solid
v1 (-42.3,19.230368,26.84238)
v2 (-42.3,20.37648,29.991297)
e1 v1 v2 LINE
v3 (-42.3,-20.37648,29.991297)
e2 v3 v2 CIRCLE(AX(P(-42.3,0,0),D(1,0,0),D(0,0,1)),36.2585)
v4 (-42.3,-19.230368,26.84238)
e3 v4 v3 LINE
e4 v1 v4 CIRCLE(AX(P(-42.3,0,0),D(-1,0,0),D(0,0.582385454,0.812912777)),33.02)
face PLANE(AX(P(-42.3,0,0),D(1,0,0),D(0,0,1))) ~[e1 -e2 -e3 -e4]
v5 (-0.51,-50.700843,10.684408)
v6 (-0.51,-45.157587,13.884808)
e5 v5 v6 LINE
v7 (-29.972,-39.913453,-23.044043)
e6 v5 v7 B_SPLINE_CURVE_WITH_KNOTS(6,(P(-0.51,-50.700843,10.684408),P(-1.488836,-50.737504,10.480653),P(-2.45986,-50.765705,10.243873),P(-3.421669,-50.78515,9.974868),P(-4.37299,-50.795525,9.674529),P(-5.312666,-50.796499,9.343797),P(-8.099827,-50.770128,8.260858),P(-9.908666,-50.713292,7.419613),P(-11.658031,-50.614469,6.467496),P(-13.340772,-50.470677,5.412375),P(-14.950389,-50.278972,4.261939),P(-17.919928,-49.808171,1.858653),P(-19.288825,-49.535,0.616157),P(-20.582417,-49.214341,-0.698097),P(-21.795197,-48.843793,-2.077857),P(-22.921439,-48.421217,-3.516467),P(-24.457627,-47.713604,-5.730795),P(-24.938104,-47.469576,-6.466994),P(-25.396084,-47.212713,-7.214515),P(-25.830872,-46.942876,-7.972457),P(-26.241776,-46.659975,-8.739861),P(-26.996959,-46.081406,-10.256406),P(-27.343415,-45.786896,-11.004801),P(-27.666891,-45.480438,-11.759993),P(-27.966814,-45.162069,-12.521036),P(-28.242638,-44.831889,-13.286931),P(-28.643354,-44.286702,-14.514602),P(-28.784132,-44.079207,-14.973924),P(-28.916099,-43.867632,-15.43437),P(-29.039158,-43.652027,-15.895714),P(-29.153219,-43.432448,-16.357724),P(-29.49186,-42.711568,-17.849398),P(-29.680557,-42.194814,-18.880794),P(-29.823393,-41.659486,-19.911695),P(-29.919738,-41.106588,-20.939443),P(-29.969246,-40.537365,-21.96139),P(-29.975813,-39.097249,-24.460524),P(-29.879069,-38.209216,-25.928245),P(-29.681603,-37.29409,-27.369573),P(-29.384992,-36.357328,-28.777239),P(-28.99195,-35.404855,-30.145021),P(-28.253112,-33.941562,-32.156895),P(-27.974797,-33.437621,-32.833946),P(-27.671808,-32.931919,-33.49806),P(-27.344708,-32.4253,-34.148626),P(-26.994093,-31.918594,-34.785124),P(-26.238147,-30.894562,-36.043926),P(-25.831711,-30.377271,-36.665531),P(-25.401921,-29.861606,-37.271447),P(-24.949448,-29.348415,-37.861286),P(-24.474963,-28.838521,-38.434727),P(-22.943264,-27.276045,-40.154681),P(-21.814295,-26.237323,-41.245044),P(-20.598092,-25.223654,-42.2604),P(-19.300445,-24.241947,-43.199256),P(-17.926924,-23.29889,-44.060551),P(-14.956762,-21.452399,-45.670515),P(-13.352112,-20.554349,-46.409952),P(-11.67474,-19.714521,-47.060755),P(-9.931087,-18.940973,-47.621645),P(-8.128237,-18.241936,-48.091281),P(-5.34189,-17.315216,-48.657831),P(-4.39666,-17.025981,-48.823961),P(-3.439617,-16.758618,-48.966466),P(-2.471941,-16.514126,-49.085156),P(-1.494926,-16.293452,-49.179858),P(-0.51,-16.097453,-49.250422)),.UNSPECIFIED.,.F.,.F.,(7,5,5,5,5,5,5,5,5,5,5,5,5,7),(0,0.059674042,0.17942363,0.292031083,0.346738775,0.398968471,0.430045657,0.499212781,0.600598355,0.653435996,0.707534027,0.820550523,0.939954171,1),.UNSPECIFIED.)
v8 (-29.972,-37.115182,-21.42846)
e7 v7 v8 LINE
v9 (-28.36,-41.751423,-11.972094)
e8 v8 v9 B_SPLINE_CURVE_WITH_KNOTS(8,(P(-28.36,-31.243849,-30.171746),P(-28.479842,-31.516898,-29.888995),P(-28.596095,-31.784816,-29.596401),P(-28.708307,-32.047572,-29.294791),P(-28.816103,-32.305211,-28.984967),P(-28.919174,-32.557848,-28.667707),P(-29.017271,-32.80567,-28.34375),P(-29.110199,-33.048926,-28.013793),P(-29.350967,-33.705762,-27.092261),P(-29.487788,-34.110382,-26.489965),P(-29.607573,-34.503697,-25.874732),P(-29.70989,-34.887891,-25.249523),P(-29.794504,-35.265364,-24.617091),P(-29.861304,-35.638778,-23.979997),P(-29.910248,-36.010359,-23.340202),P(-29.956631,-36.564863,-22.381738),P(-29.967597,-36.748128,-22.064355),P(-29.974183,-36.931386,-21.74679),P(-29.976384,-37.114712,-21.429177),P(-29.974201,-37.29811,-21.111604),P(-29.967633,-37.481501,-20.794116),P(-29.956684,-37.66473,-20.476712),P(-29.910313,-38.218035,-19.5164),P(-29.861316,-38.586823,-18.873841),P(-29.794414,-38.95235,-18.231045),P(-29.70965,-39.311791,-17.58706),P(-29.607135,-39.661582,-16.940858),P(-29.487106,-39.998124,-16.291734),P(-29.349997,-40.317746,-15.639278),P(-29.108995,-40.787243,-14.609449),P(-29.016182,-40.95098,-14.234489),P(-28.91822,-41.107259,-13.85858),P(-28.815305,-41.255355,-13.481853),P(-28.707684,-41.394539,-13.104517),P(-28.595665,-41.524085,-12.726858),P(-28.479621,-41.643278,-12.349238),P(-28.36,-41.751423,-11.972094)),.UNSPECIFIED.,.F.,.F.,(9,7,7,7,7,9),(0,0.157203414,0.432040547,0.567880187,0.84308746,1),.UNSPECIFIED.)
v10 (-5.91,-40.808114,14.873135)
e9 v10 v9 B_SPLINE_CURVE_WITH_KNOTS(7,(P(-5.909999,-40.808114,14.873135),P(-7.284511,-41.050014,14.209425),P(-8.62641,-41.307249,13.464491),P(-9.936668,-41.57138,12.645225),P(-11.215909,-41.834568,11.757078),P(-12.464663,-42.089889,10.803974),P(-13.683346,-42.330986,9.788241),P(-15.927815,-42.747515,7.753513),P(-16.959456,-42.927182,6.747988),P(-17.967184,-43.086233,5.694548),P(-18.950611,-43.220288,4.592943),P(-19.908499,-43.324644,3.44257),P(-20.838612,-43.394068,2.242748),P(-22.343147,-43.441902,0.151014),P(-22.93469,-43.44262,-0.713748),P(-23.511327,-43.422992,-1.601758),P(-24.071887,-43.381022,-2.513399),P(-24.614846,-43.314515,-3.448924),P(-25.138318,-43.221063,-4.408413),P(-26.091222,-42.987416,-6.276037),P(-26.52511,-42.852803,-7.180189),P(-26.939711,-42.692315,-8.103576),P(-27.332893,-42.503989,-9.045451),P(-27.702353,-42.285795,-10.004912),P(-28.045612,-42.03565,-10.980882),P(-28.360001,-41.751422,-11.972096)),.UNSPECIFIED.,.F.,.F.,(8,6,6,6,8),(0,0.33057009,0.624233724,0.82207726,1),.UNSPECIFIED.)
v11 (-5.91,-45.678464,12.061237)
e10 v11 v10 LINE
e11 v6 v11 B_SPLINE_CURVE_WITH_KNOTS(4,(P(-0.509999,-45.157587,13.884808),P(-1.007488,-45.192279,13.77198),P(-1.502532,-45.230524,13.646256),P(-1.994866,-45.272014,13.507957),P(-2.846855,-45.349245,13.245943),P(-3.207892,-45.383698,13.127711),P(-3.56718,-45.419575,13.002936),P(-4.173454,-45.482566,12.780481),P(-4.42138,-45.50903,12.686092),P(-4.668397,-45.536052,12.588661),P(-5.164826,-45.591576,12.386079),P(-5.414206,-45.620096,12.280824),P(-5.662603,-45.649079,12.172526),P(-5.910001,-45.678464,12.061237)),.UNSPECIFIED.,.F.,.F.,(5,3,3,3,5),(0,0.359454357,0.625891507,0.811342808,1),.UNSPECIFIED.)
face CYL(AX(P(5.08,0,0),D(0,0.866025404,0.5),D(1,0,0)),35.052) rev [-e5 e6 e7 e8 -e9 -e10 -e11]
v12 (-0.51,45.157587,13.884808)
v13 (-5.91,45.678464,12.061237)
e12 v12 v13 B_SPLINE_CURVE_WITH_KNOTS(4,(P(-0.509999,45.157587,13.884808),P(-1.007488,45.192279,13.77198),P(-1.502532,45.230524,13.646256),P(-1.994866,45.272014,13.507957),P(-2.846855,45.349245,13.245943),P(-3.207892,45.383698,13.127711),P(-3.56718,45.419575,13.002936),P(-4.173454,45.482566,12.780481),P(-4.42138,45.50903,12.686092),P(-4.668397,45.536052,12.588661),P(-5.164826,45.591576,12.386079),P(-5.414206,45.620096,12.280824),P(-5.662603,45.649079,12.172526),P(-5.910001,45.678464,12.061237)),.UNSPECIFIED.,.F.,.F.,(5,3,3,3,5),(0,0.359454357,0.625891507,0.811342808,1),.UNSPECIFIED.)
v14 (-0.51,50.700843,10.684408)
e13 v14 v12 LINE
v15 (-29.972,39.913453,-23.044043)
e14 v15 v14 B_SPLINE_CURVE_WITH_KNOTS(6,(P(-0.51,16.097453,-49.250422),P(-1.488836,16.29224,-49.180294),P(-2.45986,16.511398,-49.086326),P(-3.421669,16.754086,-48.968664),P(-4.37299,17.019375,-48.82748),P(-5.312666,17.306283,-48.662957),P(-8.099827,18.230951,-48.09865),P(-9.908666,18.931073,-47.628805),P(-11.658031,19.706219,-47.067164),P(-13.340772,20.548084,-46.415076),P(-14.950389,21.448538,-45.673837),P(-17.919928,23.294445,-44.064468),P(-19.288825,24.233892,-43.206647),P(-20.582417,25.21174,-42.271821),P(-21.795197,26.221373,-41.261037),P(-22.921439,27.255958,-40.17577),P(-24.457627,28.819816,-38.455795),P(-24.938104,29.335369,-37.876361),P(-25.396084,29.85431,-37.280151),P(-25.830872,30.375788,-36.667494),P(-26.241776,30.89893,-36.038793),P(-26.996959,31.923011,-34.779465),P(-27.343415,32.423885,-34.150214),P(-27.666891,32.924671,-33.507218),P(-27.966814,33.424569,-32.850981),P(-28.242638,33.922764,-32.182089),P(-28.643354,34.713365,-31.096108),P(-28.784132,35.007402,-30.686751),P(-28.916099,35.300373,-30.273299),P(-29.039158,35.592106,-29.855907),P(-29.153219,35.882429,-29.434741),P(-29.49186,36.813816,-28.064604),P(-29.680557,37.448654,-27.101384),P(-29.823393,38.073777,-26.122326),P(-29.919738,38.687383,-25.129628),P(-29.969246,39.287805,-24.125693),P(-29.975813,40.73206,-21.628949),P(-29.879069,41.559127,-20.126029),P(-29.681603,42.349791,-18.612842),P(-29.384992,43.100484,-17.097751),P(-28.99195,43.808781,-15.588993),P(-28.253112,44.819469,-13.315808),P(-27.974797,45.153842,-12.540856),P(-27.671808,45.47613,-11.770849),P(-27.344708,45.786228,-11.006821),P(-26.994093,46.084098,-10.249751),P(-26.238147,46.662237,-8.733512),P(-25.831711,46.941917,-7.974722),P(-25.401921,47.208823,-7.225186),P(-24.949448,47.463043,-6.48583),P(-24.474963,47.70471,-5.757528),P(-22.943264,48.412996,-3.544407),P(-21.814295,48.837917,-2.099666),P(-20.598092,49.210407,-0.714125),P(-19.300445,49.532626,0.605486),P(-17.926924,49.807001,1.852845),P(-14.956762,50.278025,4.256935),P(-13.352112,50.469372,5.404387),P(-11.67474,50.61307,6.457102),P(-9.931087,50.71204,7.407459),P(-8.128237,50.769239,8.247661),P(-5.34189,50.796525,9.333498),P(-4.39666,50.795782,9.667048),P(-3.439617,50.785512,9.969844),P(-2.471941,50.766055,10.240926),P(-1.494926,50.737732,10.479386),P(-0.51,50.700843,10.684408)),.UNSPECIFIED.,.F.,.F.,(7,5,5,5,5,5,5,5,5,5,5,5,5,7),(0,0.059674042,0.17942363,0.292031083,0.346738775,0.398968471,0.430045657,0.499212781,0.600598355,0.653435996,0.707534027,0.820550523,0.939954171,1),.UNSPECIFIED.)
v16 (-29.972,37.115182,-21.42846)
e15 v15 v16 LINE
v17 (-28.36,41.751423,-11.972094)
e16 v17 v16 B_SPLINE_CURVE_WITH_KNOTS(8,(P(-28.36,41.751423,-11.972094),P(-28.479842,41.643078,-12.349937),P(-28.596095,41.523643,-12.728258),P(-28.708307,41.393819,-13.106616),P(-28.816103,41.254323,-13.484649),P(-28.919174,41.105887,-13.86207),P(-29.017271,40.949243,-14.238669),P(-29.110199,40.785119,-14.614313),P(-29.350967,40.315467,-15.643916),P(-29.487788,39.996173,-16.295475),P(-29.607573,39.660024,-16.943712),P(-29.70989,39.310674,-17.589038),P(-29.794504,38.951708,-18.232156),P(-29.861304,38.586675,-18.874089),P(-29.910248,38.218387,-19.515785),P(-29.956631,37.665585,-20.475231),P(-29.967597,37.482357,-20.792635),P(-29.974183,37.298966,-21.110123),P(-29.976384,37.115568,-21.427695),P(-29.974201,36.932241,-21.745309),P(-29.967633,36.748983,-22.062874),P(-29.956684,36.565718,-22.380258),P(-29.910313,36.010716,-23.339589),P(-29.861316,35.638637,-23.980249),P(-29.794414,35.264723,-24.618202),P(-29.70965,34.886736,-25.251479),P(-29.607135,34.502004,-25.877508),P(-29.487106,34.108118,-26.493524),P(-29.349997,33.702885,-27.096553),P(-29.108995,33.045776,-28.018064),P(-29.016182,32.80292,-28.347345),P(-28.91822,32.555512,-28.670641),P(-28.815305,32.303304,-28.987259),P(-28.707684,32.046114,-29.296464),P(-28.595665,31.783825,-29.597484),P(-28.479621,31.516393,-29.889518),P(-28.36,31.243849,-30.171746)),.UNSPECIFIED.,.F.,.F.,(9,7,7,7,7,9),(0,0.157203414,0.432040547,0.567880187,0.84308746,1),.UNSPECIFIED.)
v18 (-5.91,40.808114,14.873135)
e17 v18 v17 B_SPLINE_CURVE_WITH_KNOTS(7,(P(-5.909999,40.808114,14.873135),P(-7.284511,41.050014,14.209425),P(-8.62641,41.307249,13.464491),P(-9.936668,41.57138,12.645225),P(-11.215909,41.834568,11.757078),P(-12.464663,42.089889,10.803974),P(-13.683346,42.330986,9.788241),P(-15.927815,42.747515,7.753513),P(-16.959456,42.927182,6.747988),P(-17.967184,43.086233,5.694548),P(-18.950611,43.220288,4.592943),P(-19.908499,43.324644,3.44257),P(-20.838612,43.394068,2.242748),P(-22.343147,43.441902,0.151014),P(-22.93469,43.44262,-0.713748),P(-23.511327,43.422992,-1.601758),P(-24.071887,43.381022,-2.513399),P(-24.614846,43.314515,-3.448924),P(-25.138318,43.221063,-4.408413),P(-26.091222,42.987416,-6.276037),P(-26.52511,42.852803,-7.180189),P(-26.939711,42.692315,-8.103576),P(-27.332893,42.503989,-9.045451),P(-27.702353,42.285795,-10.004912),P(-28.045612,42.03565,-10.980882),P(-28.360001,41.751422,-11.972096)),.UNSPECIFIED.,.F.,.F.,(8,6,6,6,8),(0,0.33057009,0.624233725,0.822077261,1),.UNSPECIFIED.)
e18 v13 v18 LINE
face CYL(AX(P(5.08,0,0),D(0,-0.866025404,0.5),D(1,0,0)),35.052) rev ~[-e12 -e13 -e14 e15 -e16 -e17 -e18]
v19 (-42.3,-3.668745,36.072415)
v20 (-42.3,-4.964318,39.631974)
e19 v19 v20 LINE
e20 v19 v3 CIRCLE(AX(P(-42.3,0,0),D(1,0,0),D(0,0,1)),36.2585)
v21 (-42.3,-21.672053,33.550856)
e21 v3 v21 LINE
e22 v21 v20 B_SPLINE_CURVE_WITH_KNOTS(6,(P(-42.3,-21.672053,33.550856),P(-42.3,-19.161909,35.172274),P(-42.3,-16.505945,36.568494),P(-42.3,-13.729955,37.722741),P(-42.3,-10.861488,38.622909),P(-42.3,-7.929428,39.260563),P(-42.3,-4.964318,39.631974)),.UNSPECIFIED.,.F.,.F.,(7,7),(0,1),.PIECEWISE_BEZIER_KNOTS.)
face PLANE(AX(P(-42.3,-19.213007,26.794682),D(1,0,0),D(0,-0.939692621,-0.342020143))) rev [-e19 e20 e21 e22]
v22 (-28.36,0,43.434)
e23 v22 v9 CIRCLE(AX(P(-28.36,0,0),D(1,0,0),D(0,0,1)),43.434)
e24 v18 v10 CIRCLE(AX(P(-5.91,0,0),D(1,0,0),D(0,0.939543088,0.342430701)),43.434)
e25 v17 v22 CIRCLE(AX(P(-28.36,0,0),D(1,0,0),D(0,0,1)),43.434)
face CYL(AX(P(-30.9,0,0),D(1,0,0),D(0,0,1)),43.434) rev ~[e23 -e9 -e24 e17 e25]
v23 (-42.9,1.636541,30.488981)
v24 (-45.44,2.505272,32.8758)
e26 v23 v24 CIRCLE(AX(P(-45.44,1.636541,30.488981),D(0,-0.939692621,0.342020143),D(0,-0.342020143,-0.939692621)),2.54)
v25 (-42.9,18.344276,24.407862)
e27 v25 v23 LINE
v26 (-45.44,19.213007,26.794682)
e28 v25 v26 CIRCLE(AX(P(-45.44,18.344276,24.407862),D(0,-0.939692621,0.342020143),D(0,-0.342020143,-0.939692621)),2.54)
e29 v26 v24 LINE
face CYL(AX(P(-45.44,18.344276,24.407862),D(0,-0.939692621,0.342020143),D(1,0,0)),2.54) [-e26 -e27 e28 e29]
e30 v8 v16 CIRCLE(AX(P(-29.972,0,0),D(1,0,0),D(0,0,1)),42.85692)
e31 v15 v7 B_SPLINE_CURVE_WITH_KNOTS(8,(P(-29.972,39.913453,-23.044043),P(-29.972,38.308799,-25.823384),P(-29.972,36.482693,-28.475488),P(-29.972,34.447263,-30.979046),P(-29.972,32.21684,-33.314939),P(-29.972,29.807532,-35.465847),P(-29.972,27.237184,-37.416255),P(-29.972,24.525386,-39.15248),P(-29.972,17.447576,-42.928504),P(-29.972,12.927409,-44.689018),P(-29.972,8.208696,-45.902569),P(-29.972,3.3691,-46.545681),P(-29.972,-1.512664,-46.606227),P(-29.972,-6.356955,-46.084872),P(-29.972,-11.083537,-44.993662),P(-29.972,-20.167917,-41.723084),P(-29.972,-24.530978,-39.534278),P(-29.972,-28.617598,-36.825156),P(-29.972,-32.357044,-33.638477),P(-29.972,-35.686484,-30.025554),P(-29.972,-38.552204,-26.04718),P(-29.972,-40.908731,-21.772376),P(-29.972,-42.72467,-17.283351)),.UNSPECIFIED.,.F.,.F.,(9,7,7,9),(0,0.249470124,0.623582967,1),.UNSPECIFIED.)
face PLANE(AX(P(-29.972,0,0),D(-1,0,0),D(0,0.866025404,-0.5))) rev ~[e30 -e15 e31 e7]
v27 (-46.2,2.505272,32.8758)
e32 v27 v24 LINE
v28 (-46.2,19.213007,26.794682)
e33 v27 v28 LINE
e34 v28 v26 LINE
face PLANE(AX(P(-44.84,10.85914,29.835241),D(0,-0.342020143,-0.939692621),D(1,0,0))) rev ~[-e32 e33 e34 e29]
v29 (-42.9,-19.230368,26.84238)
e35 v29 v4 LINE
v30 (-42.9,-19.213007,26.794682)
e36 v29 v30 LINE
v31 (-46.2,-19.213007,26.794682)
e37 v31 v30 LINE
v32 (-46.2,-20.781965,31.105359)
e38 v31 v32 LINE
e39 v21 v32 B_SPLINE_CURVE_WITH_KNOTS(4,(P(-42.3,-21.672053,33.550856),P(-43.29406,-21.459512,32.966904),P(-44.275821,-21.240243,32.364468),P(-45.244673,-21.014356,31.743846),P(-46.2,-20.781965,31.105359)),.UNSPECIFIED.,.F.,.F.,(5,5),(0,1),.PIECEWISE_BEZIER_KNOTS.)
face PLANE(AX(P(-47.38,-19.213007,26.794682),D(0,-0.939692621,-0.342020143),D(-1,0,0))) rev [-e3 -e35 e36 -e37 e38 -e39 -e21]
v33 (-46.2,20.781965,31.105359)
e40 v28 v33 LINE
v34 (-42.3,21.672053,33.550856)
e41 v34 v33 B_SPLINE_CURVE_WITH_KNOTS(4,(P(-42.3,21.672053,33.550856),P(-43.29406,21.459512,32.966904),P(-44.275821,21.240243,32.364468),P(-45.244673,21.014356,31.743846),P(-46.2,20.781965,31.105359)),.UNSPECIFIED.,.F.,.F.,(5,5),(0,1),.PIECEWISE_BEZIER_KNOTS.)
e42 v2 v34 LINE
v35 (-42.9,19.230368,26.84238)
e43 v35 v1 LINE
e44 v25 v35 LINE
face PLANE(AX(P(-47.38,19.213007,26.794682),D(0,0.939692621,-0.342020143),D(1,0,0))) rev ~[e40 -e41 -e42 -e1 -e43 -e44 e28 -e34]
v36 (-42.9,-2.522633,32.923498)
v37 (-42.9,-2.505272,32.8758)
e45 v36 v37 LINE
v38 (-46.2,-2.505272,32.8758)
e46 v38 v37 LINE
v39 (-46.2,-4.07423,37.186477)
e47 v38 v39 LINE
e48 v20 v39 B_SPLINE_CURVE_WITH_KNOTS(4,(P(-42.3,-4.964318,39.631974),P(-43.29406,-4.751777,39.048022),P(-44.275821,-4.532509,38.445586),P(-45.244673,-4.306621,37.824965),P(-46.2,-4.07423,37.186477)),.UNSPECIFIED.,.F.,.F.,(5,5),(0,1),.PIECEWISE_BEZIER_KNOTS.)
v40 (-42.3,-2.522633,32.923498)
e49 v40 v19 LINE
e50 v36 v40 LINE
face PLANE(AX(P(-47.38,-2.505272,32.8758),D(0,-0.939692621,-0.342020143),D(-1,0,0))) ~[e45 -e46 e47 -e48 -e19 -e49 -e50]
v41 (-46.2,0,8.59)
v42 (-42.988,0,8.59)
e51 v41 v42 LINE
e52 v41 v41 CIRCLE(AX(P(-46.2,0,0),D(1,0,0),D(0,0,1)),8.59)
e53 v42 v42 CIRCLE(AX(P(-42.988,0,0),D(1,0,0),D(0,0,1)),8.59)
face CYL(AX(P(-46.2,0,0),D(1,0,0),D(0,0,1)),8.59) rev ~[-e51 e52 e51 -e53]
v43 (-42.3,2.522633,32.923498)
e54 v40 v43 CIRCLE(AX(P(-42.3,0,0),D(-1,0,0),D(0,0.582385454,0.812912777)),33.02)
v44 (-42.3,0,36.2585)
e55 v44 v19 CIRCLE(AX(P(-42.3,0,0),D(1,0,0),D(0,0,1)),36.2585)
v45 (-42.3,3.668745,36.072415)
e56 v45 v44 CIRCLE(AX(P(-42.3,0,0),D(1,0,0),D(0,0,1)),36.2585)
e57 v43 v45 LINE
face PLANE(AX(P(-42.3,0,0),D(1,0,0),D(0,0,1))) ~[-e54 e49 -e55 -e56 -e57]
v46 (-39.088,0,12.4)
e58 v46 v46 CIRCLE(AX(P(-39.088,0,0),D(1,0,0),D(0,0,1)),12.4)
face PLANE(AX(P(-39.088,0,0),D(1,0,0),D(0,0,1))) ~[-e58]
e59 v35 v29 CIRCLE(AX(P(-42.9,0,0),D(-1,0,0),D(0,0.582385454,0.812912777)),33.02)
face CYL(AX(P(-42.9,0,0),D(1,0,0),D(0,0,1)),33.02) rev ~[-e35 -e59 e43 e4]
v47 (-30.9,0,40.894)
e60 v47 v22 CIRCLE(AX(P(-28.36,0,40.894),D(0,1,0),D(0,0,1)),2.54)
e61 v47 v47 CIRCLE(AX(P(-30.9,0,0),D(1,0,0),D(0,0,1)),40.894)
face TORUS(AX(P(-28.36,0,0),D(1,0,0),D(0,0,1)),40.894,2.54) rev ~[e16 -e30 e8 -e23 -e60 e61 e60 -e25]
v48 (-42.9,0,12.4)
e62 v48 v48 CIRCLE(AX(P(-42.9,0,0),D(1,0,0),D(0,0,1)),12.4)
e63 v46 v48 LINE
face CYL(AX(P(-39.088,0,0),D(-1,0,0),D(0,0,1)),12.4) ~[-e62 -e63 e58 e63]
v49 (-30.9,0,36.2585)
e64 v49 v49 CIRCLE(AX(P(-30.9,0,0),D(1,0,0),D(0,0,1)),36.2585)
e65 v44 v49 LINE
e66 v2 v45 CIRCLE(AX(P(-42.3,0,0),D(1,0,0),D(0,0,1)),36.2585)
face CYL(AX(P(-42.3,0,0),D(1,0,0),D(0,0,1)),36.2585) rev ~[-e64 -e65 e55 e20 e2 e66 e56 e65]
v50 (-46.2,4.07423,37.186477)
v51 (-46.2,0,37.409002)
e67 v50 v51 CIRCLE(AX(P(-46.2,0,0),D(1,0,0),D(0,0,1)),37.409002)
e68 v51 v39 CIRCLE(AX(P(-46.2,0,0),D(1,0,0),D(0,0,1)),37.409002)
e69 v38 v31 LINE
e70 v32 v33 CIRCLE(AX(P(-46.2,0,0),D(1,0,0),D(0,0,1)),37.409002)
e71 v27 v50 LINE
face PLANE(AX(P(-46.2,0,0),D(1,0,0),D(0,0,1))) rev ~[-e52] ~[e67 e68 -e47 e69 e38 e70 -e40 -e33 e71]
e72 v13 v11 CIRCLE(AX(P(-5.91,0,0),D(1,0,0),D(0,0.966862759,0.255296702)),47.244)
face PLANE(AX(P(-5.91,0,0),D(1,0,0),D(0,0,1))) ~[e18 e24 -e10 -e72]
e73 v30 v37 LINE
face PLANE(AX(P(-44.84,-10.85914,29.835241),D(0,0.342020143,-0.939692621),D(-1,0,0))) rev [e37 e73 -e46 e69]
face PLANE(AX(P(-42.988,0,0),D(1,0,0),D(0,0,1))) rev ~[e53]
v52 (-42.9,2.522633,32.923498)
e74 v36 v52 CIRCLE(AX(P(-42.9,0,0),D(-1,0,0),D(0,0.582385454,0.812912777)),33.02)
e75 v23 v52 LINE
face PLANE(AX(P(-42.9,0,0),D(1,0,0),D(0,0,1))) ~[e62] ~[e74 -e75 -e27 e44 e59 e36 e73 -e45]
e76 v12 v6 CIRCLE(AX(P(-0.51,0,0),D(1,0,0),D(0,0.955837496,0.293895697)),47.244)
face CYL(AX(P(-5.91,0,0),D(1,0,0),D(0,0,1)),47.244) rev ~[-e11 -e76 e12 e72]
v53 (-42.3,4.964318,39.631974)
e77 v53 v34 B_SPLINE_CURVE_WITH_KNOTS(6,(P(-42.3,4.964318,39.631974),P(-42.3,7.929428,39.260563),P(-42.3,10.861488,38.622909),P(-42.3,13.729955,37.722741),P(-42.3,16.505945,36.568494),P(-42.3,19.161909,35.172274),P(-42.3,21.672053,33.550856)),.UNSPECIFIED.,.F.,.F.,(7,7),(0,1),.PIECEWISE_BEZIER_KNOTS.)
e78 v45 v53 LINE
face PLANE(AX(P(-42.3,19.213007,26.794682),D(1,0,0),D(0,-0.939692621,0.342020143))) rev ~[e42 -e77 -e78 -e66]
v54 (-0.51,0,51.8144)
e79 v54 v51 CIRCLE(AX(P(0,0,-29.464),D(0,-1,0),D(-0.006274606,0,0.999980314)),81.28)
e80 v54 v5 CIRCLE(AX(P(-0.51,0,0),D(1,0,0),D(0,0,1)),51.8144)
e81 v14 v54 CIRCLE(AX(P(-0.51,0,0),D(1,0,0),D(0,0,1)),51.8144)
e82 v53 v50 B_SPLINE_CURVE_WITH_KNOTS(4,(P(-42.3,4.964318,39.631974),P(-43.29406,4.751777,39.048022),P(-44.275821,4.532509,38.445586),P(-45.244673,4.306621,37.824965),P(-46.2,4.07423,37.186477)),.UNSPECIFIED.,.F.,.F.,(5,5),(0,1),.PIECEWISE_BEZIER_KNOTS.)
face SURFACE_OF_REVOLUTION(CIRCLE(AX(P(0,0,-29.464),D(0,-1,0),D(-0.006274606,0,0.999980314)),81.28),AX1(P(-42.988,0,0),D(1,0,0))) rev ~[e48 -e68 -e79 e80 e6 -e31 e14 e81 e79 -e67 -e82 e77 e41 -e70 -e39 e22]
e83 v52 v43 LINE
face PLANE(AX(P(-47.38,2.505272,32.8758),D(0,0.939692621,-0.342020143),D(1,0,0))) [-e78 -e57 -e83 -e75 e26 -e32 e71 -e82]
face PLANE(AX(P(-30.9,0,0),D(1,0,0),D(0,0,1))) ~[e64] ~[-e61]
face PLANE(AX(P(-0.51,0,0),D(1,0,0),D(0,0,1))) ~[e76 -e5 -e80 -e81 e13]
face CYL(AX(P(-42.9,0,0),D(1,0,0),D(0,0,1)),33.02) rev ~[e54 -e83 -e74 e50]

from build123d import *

# Parameters (mm, degrees)
FILLET1_R          = 2.54
SKETCH9_R          = 35.052
CUT_EXTRUDE4_DEPTH = 57.912
SKETCH10_W         = 58.015232171
SKETCH10_H         = 28.829548031
CUT_REVOLVE2_ANGLE = 120
CUT_EXTRUDE5_START = -31.75
SKETCH11_W         = 5.08
SKETCH11_H         = 17.78
CUT_EXTRUDE5_DEPTH = 31.75
FILLET2_R          = 2.54


with BuildPart() as part:
    # Sketch1 → Revolve1 (revolve)
    with BuildSketch(Plane.XY, mode=Mode.PRIVATE) as revolve1_sk:
        with BuildLine():
            Line((-39.088, 0), (-39.088, 12.4))
            Line((-39.088, 12.4), (-42.39, 12.4))
            Line((-42.39, 12.4), (-42.9, 12.4))
            Line((-42.9, 12.4), (-42.9, 33.02))
            Line((-42.9, 33.02), (-42.3, 33.02))
            Line((-42.3, 33.02), (-42.3, 36.2585))
            Line((-42.3, 36.2585), (-30.9, 36.2585))
            Line((-30.9, 36.2585), (-30.9, 43.434))
            Line((-30.9, 43.434), (-5.909999996, 43.434))
            Line((-5.909999996, 43.434), (-5.909999996, 47.244))
            Line((-5.909999996, 47.244), (-0.509999996, 47.244))
            Line((-0.509999996, 47.244), (-0.509999996, 51.81439996))
            ThreePointArc((-0.509999996, 51.81439996), (-24.440435702, 48.054407509), (-46.2, 37.409002026))
            Line((-46.2, 37.409002026), (-46.2, 8.59))
            Line((-46.2, 8.59), (-42.988, 8.59))
            Line((-42.988, 8.59), (-42.988, 0))
            Line((-42.988, 0), (-39.088, 0))
        make_face()
    revolve(revolve1_sk.sketch.rotate(Axis((-42.988, 0, 0), (1, 0, 0)), 90), axis=Axis((-42.988, 0, 0), (1, 0, 0)))

    # Fillet1
    fillet1_edges = [part.edges().sort_by_distance(p)[0] for p in [
        (-30.9, 0, -43.434),
    ]]
    fillet(fillet1_edges, radius=FILLET1_R)

    # Sketch9 → Cut-Extrude4 (cut)
    with BuildSketch(Plane(origin=(0, 0, 0), x_dir=(1, 0, 0), z_dir=(0, -0.8660254037844416, 0.49999999999999495))):
        with Locations((5.08, 0)):
            Circle(SKETCH9_R)
    cut_extrude4 = extrude(amount=-CUT_EXTRUDE4_DEPTH, mode=Mode.SUBTRACT)

    # Mirror3: Cut-Extrude4 across plane
    add(cut_extrude4.mirror(Plane.ZX), mode=Mode.SUBTRACT)

    # Sketch10 → Cut-Revolve2 (revolve, cut)
    with BuildSketch(Plane(origin=(0, 0, 0), x_dir=(1, 0, 0), z_dir=(0, -0.49999999999999495, -0.8660254037844416))):
        with Locations((-0.964383914, -42.303173001)):
            Rectangle(SKETCH10_W, SKETCH10_H)
    revolve(axis=Axis((-48.7934, 0, 0), (-1, 0, 0)), revolution_arc=CUT_REVOLVE2_ANGLE, mode=Mode.SUBTRACT)

    # Sketch11 → Cut-Extrude5 (cut)
    with BuildSketch(Plane(origin=(0, 0, 0), x_dir=(1, 0, 0), z_dir=(0, -0.34202014332565933, -0.9396926207859118)).offset(CUT_EXTRUDE5_START)):
        with Locations((-44.84, 0)):
            Rectangle(SKETCH11_W, SKETCH11_H)
    cut_extrude5 = extrude(amount=-CUT_EXTRUDE5_DEPTH, mode=Mode.SUBTRACT)

    # Fillet2
    fillet2_edges = [part.edges().sort_by_distance(p)[0] for p in [
        (-42.9, 10.859139551, 29.83524071),
    ]]
    fillet(fillet2_edges, radius=FILLET2_R)

    # Mirror4: Cut-Extrude5 across plane
    add(cut_extrude5.mirror(Plane.ZX), mode=Mode.SUBTRACT)


solid = part.part
